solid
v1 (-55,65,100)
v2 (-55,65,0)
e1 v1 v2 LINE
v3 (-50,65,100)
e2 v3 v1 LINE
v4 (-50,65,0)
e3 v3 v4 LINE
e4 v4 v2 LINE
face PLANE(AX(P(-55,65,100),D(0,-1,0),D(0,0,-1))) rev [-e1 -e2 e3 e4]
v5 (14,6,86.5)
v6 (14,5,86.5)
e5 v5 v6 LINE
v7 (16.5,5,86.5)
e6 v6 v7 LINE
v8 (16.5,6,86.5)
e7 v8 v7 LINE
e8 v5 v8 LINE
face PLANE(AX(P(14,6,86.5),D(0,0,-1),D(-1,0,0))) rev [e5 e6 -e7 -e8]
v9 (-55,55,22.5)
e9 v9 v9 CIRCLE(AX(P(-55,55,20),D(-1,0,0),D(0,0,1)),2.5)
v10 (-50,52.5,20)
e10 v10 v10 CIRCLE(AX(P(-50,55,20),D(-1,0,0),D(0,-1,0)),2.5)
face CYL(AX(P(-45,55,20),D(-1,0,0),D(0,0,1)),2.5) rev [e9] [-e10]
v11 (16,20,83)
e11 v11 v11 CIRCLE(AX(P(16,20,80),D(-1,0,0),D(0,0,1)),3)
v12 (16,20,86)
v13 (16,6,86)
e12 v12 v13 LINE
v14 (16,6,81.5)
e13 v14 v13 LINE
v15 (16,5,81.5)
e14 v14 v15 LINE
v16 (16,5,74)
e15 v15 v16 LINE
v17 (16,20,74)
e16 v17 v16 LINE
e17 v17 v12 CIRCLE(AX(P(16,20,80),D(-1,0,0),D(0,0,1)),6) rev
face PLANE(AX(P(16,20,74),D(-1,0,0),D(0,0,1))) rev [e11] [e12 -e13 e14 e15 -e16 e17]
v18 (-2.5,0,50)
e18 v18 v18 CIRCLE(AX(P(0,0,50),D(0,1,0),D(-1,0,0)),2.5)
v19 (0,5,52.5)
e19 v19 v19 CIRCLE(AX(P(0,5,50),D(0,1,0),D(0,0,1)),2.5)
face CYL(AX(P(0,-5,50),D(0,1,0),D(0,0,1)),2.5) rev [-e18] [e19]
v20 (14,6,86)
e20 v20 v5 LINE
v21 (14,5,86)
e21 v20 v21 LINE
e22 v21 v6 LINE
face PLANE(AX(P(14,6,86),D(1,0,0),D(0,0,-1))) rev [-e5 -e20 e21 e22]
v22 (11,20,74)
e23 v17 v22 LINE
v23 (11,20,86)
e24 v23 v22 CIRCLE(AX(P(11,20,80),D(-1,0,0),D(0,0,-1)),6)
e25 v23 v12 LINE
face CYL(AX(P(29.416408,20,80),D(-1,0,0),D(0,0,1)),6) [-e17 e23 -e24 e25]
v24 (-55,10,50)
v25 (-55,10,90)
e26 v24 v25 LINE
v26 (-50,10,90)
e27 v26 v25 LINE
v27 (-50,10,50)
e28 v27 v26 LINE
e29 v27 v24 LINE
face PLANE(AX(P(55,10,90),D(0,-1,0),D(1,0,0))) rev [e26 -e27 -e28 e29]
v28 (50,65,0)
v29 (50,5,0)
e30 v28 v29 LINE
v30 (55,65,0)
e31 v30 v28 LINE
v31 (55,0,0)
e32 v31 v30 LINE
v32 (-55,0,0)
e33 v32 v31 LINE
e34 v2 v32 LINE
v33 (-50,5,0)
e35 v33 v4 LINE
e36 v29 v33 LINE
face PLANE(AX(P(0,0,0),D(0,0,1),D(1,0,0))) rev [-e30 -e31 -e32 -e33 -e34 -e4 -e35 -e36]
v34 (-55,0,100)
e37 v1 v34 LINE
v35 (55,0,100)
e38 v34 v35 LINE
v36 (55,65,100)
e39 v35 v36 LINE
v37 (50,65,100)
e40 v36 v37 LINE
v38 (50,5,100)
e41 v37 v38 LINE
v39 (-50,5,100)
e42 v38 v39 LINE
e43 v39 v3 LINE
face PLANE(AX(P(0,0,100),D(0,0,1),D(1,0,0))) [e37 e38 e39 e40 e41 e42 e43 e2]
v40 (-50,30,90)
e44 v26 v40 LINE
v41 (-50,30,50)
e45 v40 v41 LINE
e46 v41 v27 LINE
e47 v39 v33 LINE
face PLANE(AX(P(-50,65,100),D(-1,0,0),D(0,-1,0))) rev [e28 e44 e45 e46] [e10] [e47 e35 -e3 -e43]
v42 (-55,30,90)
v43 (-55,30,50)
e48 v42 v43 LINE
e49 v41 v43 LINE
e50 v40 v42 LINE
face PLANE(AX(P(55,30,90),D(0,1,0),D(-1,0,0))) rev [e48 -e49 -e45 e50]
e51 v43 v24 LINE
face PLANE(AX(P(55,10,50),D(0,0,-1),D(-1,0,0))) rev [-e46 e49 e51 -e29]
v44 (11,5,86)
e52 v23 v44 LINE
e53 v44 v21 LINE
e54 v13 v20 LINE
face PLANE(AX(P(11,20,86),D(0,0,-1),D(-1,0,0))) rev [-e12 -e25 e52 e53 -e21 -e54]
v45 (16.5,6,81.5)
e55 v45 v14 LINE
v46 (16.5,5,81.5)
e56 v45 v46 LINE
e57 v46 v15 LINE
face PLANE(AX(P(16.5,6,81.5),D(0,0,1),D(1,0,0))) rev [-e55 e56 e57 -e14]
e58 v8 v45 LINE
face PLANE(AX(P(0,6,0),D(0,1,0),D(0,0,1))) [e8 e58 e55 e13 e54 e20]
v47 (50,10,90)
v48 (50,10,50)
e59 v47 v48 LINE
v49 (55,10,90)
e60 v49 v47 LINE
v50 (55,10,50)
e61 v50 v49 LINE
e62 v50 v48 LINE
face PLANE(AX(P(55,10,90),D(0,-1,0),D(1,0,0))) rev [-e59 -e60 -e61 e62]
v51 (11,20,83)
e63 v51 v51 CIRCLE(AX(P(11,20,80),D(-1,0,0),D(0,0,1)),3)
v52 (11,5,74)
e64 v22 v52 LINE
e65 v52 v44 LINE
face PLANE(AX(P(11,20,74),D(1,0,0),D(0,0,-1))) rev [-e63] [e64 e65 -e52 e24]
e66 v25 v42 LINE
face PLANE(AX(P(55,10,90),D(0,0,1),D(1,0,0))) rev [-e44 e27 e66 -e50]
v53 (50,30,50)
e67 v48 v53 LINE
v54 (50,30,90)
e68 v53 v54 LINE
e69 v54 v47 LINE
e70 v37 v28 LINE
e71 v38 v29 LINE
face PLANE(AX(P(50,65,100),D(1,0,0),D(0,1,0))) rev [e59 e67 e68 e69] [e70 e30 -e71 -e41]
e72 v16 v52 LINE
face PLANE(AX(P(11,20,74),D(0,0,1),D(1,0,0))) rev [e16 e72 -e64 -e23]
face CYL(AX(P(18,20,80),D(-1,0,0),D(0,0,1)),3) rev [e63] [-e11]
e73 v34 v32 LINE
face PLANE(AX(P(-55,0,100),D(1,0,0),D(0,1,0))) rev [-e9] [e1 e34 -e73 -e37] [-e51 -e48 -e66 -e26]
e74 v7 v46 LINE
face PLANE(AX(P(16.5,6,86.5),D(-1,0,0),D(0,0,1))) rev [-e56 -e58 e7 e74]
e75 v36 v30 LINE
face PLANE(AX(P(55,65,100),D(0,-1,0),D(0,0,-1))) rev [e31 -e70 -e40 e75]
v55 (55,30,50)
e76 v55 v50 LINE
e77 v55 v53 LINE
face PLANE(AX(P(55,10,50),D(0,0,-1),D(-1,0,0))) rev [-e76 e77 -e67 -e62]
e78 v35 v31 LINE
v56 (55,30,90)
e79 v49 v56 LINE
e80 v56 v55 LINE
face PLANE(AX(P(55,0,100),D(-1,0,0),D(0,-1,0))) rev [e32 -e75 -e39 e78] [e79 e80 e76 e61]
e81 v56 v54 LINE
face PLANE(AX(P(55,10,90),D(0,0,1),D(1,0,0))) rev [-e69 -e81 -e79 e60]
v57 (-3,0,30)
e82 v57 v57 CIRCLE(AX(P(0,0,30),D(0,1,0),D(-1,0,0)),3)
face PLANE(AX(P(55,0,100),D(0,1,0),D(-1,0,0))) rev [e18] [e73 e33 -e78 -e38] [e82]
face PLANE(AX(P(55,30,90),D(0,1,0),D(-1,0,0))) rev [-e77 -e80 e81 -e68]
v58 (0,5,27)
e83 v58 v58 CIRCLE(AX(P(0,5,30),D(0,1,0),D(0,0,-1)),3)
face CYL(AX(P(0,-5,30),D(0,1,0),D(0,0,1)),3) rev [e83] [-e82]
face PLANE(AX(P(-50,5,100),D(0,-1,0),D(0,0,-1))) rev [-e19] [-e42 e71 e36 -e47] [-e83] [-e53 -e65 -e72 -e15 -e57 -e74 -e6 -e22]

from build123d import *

# Parameters (mm, degrees)
BOSS_EXTRUDE2_DEPTH = 100
SKETCH2_R           = 2.5
SKETCH2_R_2         = 3
CUT_EXTRUDE1_DEPTH  = 10
SKETCH3_R           = 2.5
CUT_EXTRUDE2_DEPTH  = 10
SKETCH4_R           = 2
CUT_EXTRUDE3_DEPTH  = 10
SKETCH5_W           = 40
SKETCH5_H           = 20
CUT_EXTRUDE4_DEPTH  = 163.249807396
SKETCH6_W           = 5
SKETCH6_H           = 12
BOSS_EXTRUDE3_DEPTH = 15
BOSS_EXTRUDE4_DEPTH = 5
SKETCH9_R           = 3
CUT_EXTRUDE5_DEPTH  = 7
BOSS_EXTRUDE5_DEPTH = 1


with BuildPart() as part:
    # Sketch1 → Boss-Extrude2 (new body)
    with BuildSketch(Plane.XY):
        Polygon((-50, 5), (50, 5), (50, 65), (55, 65), (55, 0), (-55, 0), (-55, 65), (-50, 65), align=None)
    extrude(amount=BOSS_EXTRUDE2_DEPTH)

    # Sketch2 → Cut-Extrude1 (cut)
    with BuildSketch(Plane(origin=(0, 5, 0), x_dir=(1, 0, 0), z_dir=(0, 1, 0))):
        with Locations(Location((0, -50, 0), (0, 0, 270))):
            Circle(SKETCH2_R)
        with Locations(Location((0, -30, 0), (0, 0, 180))):
            Circle(SKETCH2_R_2)
    extrude(amount=-CUT_EXTRUDE1_DEPTH, mode=Mode.SUBTRACT)

    # Sketch3 → Cut-Extrude2 (cut)
    with BuildSketch(Plane.ZY.offset(55)):
        with Locations((80, 20)):
            Circle(SKETCH3_R)
        with Locations((20, 55)):
            Circle(SKETCH3_R)
    extrude(amount=-CUT_EXTRUDE2_DEPTH, mode=Mode.SUBTRACT)

    # Sketch4 → Cut-Extrude3 (cut)
    with BuildSketch(Plane(origin=(55, 0, 0), x_dir=(0, 0, -1), z_dir=(1, 0, 0))):
        with Locations((-80, 15)):
            Circle(SKETCH4_R)
    extrude(amount=-CUT_EXTRUDE3_DEPTH, mode=Mode.SUBTRACT)

    # Sketch5 → Cut-Extrude4 (cut, through all)
    with BuildSketch(Plane.ZY.offset(55)):
        with Locations((70, 20)):
            Rectangle(SKETCH5_W, SKETCH5_H)
    extrude(amount=-CUT_EXTRUDE4_DEPTH, mode=Mode.SUBTRACT)

    # Sketch6 → Boss-Extrude3 (add)
    with BuildSketch(Plane(origin=(0, 5, 0), x_dir=(1, 0, 0), z_dir=(0, 1, 0))):
        with Locations((13.5, -80)):
            Rectangle(SKETCH6_W, SKETCH6_H)
    extrude(amount=BOSS_EXTRUDE3_DEPTH)

    # Sketch8 → Boss-Extrude4 (add)
    with BuildSketch(Plane.ZY.offset(-11)):
        with BuildLine():
            Line((74, 20), (86, 20))
            ThreePointArc((86, 20), (80, 26), (74, 20))
        make_face()
    extrude(amount=-BOSS_EXTRUDE4_DEPTH)

    # Sketch9 → Cut-Extrude5 (cut)
    with BuildSketch(Plane.ZY.offset(-11)):
        with Locations((80, 20)):
            Circle(SKETCH9_R)
    extrude(amount=-CUT_EXTRUDE5_DEPTH, mode=Mode.SUBTRACT)

    # Sketch10 → Boss-Extrude5 (add)
    with BuildSketch(Plane(origin=(0, 5, 0), x_dir=(1, 0, 0), z_dir=(0, 1, 0))):
        Polygon((14, -86.5), (16.5, -86.5), (16.5, -81.5), (16, -81.5), (16, -86), (14, -86), align=None)
    extrude(amount=BOSS_EXTRUDE5_DEPTH)


solid = part.part
